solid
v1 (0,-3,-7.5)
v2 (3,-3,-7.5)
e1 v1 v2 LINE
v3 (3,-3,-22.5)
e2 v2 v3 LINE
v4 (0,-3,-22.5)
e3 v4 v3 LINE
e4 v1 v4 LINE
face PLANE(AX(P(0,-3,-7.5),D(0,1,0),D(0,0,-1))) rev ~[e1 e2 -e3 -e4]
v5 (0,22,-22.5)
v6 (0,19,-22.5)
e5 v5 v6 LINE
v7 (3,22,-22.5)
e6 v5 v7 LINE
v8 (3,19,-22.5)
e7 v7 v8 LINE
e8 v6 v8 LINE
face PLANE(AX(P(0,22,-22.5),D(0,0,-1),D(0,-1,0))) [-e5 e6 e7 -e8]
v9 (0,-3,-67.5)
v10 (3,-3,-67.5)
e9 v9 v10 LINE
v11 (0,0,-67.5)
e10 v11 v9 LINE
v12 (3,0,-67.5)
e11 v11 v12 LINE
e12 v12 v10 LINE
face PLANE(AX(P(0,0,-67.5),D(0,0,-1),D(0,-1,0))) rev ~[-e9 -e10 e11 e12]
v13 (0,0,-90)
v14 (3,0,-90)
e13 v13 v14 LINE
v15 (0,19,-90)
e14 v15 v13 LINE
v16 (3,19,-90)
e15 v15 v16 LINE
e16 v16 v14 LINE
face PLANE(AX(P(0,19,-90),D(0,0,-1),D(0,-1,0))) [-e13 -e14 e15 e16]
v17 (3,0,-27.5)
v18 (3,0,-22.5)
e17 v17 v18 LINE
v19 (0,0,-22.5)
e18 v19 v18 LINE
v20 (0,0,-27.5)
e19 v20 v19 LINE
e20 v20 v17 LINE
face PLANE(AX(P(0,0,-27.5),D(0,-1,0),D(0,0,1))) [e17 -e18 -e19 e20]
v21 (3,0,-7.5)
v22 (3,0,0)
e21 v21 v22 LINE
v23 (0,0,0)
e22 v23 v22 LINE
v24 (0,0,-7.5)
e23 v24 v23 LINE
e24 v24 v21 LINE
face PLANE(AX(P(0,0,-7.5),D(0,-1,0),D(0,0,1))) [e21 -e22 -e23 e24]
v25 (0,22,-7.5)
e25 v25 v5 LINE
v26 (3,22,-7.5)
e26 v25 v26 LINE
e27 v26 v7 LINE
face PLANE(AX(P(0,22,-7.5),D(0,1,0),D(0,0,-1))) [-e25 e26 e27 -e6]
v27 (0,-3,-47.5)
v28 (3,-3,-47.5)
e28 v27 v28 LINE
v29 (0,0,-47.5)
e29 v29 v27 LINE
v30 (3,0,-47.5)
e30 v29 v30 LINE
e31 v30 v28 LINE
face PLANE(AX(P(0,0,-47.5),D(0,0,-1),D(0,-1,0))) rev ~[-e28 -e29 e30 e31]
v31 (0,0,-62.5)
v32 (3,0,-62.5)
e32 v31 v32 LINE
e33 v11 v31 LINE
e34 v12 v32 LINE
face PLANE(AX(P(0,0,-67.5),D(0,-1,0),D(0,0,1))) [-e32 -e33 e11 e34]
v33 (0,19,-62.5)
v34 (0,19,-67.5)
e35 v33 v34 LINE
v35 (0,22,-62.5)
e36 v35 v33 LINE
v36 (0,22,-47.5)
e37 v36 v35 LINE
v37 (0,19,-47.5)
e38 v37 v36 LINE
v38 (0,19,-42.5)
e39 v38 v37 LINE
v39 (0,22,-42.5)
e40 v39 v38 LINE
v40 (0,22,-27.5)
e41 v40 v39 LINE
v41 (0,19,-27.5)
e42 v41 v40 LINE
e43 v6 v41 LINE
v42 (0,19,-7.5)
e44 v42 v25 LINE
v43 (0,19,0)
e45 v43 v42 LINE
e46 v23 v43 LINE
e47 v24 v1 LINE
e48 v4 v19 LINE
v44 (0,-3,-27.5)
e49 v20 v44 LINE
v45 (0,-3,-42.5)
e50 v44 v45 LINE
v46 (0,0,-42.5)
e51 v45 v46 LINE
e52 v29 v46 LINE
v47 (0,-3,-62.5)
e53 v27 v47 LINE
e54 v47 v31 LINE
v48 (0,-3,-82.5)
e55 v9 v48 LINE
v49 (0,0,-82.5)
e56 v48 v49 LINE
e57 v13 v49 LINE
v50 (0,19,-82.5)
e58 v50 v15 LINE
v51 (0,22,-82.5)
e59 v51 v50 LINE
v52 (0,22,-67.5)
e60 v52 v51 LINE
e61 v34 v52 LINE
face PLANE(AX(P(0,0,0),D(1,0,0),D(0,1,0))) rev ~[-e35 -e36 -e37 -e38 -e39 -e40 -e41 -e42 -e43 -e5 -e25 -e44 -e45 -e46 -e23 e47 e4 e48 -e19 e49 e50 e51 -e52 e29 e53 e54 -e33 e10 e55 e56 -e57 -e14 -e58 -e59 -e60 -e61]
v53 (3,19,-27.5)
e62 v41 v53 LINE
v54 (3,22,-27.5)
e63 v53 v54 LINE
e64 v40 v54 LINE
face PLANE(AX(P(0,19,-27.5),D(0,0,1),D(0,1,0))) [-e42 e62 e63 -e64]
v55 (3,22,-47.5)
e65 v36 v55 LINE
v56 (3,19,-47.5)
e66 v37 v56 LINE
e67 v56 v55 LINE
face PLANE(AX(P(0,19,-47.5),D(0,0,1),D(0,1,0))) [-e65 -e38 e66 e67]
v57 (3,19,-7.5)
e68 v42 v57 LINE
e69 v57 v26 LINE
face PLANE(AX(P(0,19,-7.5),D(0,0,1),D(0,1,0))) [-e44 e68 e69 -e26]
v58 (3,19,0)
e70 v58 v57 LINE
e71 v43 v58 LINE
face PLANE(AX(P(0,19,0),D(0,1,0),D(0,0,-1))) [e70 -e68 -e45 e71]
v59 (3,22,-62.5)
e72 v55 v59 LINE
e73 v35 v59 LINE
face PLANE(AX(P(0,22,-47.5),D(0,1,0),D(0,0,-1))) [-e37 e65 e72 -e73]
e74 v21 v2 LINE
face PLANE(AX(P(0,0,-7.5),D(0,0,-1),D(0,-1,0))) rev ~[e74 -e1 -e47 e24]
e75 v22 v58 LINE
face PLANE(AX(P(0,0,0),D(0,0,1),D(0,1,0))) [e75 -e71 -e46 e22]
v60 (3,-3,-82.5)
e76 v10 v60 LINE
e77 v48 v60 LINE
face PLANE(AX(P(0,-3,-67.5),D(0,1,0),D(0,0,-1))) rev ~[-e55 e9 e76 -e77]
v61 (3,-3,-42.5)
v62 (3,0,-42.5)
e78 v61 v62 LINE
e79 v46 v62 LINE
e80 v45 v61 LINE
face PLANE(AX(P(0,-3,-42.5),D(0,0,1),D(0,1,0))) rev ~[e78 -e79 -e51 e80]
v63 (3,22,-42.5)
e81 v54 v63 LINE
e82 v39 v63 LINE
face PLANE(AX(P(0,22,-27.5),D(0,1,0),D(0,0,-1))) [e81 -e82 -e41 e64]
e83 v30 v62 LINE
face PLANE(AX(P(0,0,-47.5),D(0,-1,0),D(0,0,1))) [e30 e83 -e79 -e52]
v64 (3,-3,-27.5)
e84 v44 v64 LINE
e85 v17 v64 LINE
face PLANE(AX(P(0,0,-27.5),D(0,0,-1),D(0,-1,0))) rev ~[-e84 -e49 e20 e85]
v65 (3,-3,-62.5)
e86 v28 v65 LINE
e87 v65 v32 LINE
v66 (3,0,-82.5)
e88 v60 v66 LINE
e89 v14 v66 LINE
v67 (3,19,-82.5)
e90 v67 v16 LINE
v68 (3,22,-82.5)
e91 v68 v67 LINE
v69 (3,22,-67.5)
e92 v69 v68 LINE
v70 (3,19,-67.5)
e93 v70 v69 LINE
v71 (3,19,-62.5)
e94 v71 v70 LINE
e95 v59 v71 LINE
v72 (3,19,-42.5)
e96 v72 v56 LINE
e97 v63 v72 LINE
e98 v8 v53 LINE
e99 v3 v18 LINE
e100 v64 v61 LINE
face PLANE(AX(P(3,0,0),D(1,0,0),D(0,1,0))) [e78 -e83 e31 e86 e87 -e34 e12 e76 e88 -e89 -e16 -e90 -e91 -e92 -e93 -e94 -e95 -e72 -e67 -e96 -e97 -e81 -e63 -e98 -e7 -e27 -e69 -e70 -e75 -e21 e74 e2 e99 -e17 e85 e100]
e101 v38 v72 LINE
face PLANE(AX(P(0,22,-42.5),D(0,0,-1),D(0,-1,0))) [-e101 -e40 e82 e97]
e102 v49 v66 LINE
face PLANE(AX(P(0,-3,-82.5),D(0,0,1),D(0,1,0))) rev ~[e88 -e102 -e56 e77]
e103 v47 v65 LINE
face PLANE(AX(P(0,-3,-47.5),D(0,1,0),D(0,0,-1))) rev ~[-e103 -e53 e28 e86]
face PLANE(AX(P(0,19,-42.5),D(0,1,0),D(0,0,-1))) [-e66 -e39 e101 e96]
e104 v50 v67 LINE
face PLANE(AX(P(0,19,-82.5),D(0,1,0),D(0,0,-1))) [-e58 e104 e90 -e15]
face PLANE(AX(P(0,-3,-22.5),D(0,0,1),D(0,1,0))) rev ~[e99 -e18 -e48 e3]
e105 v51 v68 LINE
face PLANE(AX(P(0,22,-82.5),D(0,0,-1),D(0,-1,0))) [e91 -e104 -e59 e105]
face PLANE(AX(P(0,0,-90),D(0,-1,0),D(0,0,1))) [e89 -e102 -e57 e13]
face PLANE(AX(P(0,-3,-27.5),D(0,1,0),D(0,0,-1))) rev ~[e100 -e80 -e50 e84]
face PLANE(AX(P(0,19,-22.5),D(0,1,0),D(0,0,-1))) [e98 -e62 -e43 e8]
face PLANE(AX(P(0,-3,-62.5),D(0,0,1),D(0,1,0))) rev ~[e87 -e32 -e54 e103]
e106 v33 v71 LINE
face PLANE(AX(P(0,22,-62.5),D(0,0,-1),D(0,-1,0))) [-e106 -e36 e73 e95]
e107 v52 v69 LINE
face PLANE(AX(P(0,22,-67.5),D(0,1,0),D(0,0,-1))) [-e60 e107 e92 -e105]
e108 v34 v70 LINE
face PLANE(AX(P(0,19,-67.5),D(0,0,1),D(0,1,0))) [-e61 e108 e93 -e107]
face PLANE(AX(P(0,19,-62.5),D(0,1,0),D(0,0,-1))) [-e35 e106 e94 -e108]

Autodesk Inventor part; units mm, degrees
ref_plane "YZ Plane" through (0, 0, 0) normal (1, 0, 0) x (0, 1, 0)
ref_plane "XZ Plane" through (0, 0, 0) normal (0, 1, 0) x (-1, 0, 0)
ref_plane "XY Plane" through (0, 0, 0) normal (0, 0, 1) x (1, 0, 0)
sketch "Boceto1" plane through (0, 0, 0) normal (1, 0, 0) x (0, 1, 0)
  line L0 (0, 0) -> (19, 0)
  line L1 (19, 0) -> (19, -90)
  line L2 (19, -90) -> (0, -90)
  line L3 (0, -90) -> (0, 0)
  line L4 (19, -7.5) -> (22, -7.5)
  line L5 (22, -7.5) -> (22, -22.5)
  line L6 (22, -22.5) -> (19, -22.5)
  line L7 (19, -22.5) -> (19, -7.5)
  line L8 (19, -27.5) -> (22, -27.5)
  line L9 (22, -27.5) -> (22, -42.5)
  line L10 (22, -42.5) -> (19, -42.5)
  line L11 (19, -42.5) -> (19, -27.5)
  line L12 (19, -47.5) -> (22, -47.5)
  line L13 (22, -47.5) -> (22, -62.5)
  line L14 (22, -62.5) -> (19, -62.5)
  line L15 (19, -62.5) -> (19, -47.5)
  line L16 (19, -67.5) -> (22, -67.5)
  line L17 (22, -67.5) -> (22, -82.5)
  line L18 (22, -82.5) -> (19, -82.5)
  line L19 (19, -82.5) -> (19, -67.5)
  line L20 (9.5, 0) -> (9.5, -90) construction
  line L21 (0, -7.5) -> (-3, -7.5)
  line L22 (-3, -7.5) -> (-3, -22.5)
  line L23 (-3, -22.5) -> (0, -22.5)
  line L24 (0, -22.5) -> (0, -7.5)
  line L25 (0, -27.5) -> (-3, -27.5)
  line L26 (-3, -27.5) -> (-3, -42.5)
  line L27 (-3, -42.5) -> (0, -42.5)
  line L28 (0, -42.5) -> (0, -27.5)
  line L29 (0, -47.5) -> (-3, -47.5)
  line L30 (-3, -47.5) -> (-3, -62.5)
  line L31 (-3, -62.5) -> (0, -62.5)
  line L32 (0, -62.5) -> (0, -47.5)
  line L33 (0, -67.5) -> (-3, -67.5)
  line L34 (-3, -67.5) -> (-3, -82.5)
  line L35 (-3, -82.5) -> (0, -82.5)
  line L36 (0, -82.5) -> (0, -67.5)
  point P0 (20.5, -7.5)
  point P1 (20.5, -27.5)
  point P2 (20.5, -47.5)
  point P3 (20.5, -67.5)
  point P4 (-1.5, -7.5)
  point P5 (-1.5, -27.5)
  point P6 (-1.5, -47.5)
  point P7 (-1.5, -67.5)
  point P8 (0, -22.5)
  point P9 (0, -27.5)
  point P10 (0, -42.5)
  point P11 (0, -47.5)
  point P12 (0, -62.5)
  point P13 (0, -67.5)
  point P14 (0, -82.5)
  point P15 (19, -82.5)
  point P16 (19, -67.5)
  point P17 (19, -62.5)
  point P18 (19, -47.5)
  point P19 (19, -42.5)
  point P20 (19, -27.5)
  point P21 (19, -22.5)
  point P22 (0, -7.5)
  dimension "d0" = 19
  dimension "d1" = 90
  dimension "d2" = 3
  dimension "d3" = 15
  dimension "d4" = 7.5
  dimension "d7" = 20
extrude "Extrusión1" add sketch "Boceto1" along normal blind 3
